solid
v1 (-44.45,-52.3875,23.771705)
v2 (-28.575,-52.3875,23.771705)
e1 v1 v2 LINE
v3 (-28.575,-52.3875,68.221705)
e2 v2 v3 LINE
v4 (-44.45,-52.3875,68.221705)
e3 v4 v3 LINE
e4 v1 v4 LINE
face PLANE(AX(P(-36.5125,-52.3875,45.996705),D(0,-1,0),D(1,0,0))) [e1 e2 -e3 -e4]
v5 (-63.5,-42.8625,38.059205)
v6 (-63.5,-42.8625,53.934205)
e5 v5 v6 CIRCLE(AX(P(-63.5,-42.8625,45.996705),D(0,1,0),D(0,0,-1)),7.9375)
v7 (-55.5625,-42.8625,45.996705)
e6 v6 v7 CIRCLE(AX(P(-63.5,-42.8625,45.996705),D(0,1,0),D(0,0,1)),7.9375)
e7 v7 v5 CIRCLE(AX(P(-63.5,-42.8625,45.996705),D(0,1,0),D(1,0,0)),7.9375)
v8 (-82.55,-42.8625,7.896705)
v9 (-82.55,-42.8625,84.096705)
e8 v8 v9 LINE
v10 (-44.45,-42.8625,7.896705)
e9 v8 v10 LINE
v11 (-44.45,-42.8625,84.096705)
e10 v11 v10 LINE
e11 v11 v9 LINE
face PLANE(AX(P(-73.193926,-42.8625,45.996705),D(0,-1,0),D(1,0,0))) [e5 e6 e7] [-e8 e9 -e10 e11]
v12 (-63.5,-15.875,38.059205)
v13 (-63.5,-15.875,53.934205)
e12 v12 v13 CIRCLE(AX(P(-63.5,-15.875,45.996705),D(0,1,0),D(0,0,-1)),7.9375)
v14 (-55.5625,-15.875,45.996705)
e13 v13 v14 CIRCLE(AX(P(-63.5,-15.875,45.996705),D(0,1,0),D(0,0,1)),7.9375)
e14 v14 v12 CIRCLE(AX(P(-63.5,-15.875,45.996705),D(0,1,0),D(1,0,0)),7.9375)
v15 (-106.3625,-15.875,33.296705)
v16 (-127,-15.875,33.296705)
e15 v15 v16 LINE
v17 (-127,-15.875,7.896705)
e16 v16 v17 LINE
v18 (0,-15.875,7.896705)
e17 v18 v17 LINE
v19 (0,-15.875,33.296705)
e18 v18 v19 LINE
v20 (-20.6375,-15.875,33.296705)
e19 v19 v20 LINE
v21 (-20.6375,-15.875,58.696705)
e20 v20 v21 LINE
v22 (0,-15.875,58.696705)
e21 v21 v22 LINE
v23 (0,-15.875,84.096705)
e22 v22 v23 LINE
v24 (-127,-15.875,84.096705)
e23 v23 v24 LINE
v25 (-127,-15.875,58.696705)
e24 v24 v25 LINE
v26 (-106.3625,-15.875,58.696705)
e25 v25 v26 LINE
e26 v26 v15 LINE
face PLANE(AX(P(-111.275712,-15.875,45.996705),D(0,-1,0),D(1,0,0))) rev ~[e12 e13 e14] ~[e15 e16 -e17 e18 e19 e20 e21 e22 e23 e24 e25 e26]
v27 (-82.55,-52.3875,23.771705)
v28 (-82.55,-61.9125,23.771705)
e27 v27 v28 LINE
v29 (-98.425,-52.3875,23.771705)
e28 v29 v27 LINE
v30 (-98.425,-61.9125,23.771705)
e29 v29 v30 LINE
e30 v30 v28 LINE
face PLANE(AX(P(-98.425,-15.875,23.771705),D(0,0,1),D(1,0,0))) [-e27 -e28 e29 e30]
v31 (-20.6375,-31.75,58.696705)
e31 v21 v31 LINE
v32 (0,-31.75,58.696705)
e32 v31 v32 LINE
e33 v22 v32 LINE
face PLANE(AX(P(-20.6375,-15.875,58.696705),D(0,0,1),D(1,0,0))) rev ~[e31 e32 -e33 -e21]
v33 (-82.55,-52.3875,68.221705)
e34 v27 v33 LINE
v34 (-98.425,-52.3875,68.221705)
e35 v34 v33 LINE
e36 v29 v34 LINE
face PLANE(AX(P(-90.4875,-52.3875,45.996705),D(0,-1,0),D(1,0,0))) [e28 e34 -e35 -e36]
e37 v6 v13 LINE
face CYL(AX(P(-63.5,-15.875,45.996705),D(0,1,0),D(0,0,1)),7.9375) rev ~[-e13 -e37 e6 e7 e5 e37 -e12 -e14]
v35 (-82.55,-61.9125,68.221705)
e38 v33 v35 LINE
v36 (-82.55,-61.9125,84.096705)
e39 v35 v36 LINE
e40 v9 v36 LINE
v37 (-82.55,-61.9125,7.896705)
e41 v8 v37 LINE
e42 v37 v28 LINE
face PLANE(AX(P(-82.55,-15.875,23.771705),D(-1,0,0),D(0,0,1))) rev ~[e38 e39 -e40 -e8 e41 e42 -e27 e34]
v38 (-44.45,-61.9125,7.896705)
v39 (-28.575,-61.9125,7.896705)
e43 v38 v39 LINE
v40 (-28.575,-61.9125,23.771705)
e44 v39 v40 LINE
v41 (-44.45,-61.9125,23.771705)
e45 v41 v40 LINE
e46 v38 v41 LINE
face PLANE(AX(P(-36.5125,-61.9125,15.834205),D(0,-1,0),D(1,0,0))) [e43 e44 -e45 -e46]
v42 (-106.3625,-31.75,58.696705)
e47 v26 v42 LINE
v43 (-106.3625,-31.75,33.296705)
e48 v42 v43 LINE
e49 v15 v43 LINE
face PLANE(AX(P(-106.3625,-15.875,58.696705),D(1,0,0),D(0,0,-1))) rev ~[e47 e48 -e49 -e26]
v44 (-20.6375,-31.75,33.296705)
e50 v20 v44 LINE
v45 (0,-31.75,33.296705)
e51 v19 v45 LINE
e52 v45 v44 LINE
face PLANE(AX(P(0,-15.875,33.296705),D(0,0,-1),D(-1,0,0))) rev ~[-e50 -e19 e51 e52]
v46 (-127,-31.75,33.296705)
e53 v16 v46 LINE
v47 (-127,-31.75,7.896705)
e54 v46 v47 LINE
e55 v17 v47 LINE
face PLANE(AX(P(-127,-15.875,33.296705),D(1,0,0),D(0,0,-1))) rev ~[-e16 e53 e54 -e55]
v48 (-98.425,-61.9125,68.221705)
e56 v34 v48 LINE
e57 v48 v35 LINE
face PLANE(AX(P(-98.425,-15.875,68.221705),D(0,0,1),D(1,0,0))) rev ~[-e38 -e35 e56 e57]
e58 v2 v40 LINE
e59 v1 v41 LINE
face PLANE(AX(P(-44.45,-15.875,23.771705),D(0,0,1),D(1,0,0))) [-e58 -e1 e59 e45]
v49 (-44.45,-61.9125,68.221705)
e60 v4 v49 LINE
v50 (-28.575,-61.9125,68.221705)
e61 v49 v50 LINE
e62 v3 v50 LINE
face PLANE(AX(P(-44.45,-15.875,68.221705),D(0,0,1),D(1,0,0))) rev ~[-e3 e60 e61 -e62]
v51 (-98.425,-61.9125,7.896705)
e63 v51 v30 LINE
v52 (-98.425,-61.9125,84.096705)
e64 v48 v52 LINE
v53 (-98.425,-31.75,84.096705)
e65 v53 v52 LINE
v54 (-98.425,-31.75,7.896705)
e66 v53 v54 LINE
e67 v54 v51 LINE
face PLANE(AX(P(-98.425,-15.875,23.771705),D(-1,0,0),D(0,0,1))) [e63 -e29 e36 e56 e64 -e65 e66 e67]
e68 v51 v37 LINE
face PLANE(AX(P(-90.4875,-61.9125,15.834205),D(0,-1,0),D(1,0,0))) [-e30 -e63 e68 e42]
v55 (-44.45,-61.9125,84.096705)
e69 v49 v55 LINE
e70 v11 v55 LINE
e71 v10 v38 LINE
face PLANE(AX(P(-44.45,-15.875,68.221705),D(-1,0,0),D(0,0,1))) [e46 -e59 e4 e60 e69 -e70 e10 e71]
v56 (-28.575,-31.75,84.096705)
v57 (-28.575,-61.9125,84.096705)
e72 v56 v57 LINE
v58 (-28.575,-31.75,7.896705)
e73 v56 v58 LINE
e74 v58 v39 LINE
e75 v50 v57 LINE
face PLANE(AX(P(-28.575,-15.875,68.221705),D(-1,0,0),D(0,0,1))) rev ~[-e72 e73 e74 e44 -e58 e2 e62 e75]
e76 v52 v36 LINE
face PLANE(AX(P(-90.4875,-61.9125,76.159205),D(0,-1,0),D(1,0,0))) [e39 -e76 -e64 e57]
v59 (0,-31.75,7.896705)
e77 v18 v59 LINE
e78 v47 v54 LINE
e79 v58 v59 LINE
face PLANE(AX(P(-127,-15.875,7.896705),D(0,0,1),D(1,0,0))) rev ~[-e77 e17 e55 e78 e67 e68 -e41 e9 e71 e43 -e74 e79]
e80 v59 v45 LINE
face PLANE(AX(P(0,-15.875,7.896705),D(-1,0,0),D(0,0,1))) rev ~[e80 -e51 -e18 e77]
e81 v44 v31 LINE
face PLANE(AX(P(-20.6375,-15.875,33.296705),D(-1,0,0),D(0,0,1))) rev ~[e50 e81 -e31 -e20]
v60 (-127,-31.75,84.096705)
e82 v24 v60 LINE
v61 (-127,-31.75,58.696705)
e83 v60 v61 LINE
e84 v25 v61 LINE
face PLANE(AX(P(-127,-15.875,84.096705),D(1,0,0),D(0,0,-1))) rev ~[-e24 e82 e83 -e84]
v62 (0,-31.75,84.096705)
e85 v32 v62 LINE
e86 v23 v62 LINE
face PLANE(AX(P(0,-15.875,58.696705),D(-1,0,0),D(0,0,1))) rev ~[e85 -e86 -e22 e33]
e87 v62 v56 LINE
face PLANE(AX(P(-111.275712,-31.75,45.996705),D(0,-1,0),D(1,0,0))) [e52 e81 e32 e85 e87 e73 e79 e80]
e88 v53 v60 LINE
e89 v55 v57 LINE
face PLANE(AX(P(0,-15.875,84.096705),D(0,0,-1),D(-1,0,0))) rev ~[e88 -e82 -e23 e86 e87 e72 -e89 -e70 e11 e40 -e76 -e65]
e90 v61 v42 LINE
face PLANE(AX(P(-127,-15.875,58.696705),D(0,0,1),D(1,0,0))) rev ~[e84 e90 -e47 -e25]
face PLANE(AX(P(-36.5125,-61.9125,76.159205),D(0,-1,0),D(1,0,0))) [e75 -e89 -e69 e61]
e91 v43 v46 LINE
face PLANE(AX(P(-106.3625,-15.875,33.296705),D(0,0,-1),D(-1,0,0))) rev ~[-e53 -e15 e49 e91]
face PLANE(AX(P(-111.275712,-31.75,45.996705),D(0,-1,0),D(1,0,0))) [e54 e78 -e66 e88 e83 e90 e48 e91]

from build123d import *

# Parameters (mm, degrees)
F0_W     = 31.75
F0_H     = 31.75
F1_DEPTH = 31.75
F2_DEPTH = 92.075
F3_DEPTH = 53.975
F0_H_2   = 88.9
F4_DEPTH = 73.025
F5_SCALE = 0.5


with BuildPart() as f1:
    # F0 (on Front) → F1 (new body)
    with BuildSketch(Plane.XZ):
        Polygon((-69.85, 84.0967045993), (-127, 84.0967045993), (-127, 33.2967045993), (-85.725, 33.2967045993), (-85.725, -17.5032954007), (-127, -17.5032954007), (-127, -68.3032954007), (-69.85, -68.3032954007), (-69.85, -36.5532954007), (-69.85, 52.3467045993), align=None)
        with Locations((-53.975, 68.2217045993)):
            Rectangle(F0_W, F0_H)
        with BuildLine():
            Line((0, 84.0967045993), (-38.1, 84.0967045993))
            Line((-38.1, 84.0967045993), (-38.1, 52.3467045993))
            Line((-38.1, 52.3467045993), (-38.1, -36.5532954007))
            Line((-38.1, -36.5532954007), (-38.1, -68.3032954007))
            Line((-38.1, -68.3032954007), (0, -68.3032954007))
            Line((0, -68.3032954007), (0, -15.875))
            Line((0, -15.875), (0, -7.9782954007))
            ThreePointArc((0, -7.9782954007), (-15.875, 7.8967045993), (0, 23.7717045993))
            Line((0, 23.7717045993), (0, 84.0967045993))
        make_face()
        with BuildLine():
            Line((38.1, 84.0967045993), (0, 84.0967045993))
            Line((0, 84.0967045993), (0, 23.7717045993))
            ThreePointArc((0, 23.7717045993), (11.2253201513, 19.1220247506), (15.875, 7.8967045993))
            ThreePointArc((15.875, 7.8967045993), (11.2253201513, -3.3286155521), (0, -7.9782954007))
            Line((0, -7.9782954007), (0, -15.875))
            Line((0, -15.875), (0, -68.3032954007))
            Line((0, -68.3032954007), (38.1, -68.3032954007))
            Line((38.1, -68.3032954007), (38.1, -36.5532954007))
            Line((38.1, -36.5532954007), (38.1, 52.3467045993))
            Line((38.1, 52.3467045993), (38.1, 84.0967045993))
        make_face()
        with Locations((-53.975, -52.4282954007)):
            Rectangle(F0_W, F0_H)
        with Locations((53.975, 68.2217045993)):
            Rectangle(F0_W, F0_H)
        Polygon((127, 84.0967045993), (69.85, 84.0967045993), (69.85, 52.3467045993), (69.85, -36.5532954007), (69.85, -68.3032954007), (127, -68.3032954007), (127, -17.5032954007), (85.725, -17.5032954007), (85.725, 33.2967045993), (127, 33.2967045993), align=None)
        with Locations((53.975, -52.4282954007)):
            Rectangle(F0_W, F0_H)
    extrude(amount=F1_DEPTH)

    # F0 (on Front) → F2 (join)
    with BuildSketch(Plane.XZ):
        with Locations((-53.975, 68.2217045993)):
            Rectangle(F0_W, F0_H)
        with Locations((-53.975, -52.4282954007)):
            Rectangle(F0_W, F0_H)
        with Locations((53.975, -52.4282954007)):
            Rectangle(F0_W, F0_H)
        with Locations((53.975, 68.2217045993)):
            Rectangle(F0_W, F0_H)
    extrude(amount=F2_DEPTH)

    # F0 (on Front) → F3 (join)
    with BuildSketch(Plane.XZ):
        with BuildLine():
            Line((0, 84.0967045993), (-38.1, 84.0967045993))
            Line((-38.1, 84.0967045993), (-38.1, 52.3467045993))
            Line((-38.1, 52.3467045993), (-38.1, -36.5532954007))
            Line((-38.1, -36.5532954007), (-38.1, -68.3032954007))
            Line((-38.1, -68.3032954007), (0, -68.3032954007))
            Line((0, -68.3032954007), (0, -15.875))
            Line((0, -15.875), (0, -7.9782954007))
            ThreePointArc((0, -7.9782954007), (-15.875, 7.8967045993), (0, 23.7717045993))
            Line((0, 23.7717045993), (0, 84.0967045993))
        make_face()
        with BuildLine():
            Line((38.1, 84.0967045993), (0, 84.0967045993))
            Line((0, 84.0967045993), (0, 23.7717045993))
            ThreePointArc((0, 23.7717045993), (11.2253201513, 19.1220247506), (15.875, 7.8967045993))
            ThreePointArc((15.875, 7.8967045993), (11.2253201513, -3.3286155521), (0, -7.9782954007))
            Line((0, -7.9782954007), (0, -15.875))
            Line((0, -15.875), (0, -68.3032954007))
            Line((0, -68.3032954007), (38.1, -68.3032954007))
            Line((38.1, -68.3032954007), (38.1, -36.5532954007))
            Line((38.1, -36.5532954007), (38.1, 52.3467045993))
            Line((38.1, 52.3467045993), (38.1, 84.0967045993))
        make_face()
    extrude(amount=F3_DEPTH)

    # F0 (on Front) → F4 (join)
    with BuildSketch(Plane.XZ):
        with Locations((-53.975, 7.8967045993)):
            Rectangle(F0_W, F0_H_2)
        with Locations((53.975, 7.8967045993)):
            Rectangle(F0_W, F0_H_2)
    extrude(amount=F4_DEPTH)


with BuildPart() as f1_1:
    # F5: moved
    add(f1.part.scale(F5_SCALE).moved(Location((-63.5, -15.875, 42.0483522996))))


solid = f1_1.part
